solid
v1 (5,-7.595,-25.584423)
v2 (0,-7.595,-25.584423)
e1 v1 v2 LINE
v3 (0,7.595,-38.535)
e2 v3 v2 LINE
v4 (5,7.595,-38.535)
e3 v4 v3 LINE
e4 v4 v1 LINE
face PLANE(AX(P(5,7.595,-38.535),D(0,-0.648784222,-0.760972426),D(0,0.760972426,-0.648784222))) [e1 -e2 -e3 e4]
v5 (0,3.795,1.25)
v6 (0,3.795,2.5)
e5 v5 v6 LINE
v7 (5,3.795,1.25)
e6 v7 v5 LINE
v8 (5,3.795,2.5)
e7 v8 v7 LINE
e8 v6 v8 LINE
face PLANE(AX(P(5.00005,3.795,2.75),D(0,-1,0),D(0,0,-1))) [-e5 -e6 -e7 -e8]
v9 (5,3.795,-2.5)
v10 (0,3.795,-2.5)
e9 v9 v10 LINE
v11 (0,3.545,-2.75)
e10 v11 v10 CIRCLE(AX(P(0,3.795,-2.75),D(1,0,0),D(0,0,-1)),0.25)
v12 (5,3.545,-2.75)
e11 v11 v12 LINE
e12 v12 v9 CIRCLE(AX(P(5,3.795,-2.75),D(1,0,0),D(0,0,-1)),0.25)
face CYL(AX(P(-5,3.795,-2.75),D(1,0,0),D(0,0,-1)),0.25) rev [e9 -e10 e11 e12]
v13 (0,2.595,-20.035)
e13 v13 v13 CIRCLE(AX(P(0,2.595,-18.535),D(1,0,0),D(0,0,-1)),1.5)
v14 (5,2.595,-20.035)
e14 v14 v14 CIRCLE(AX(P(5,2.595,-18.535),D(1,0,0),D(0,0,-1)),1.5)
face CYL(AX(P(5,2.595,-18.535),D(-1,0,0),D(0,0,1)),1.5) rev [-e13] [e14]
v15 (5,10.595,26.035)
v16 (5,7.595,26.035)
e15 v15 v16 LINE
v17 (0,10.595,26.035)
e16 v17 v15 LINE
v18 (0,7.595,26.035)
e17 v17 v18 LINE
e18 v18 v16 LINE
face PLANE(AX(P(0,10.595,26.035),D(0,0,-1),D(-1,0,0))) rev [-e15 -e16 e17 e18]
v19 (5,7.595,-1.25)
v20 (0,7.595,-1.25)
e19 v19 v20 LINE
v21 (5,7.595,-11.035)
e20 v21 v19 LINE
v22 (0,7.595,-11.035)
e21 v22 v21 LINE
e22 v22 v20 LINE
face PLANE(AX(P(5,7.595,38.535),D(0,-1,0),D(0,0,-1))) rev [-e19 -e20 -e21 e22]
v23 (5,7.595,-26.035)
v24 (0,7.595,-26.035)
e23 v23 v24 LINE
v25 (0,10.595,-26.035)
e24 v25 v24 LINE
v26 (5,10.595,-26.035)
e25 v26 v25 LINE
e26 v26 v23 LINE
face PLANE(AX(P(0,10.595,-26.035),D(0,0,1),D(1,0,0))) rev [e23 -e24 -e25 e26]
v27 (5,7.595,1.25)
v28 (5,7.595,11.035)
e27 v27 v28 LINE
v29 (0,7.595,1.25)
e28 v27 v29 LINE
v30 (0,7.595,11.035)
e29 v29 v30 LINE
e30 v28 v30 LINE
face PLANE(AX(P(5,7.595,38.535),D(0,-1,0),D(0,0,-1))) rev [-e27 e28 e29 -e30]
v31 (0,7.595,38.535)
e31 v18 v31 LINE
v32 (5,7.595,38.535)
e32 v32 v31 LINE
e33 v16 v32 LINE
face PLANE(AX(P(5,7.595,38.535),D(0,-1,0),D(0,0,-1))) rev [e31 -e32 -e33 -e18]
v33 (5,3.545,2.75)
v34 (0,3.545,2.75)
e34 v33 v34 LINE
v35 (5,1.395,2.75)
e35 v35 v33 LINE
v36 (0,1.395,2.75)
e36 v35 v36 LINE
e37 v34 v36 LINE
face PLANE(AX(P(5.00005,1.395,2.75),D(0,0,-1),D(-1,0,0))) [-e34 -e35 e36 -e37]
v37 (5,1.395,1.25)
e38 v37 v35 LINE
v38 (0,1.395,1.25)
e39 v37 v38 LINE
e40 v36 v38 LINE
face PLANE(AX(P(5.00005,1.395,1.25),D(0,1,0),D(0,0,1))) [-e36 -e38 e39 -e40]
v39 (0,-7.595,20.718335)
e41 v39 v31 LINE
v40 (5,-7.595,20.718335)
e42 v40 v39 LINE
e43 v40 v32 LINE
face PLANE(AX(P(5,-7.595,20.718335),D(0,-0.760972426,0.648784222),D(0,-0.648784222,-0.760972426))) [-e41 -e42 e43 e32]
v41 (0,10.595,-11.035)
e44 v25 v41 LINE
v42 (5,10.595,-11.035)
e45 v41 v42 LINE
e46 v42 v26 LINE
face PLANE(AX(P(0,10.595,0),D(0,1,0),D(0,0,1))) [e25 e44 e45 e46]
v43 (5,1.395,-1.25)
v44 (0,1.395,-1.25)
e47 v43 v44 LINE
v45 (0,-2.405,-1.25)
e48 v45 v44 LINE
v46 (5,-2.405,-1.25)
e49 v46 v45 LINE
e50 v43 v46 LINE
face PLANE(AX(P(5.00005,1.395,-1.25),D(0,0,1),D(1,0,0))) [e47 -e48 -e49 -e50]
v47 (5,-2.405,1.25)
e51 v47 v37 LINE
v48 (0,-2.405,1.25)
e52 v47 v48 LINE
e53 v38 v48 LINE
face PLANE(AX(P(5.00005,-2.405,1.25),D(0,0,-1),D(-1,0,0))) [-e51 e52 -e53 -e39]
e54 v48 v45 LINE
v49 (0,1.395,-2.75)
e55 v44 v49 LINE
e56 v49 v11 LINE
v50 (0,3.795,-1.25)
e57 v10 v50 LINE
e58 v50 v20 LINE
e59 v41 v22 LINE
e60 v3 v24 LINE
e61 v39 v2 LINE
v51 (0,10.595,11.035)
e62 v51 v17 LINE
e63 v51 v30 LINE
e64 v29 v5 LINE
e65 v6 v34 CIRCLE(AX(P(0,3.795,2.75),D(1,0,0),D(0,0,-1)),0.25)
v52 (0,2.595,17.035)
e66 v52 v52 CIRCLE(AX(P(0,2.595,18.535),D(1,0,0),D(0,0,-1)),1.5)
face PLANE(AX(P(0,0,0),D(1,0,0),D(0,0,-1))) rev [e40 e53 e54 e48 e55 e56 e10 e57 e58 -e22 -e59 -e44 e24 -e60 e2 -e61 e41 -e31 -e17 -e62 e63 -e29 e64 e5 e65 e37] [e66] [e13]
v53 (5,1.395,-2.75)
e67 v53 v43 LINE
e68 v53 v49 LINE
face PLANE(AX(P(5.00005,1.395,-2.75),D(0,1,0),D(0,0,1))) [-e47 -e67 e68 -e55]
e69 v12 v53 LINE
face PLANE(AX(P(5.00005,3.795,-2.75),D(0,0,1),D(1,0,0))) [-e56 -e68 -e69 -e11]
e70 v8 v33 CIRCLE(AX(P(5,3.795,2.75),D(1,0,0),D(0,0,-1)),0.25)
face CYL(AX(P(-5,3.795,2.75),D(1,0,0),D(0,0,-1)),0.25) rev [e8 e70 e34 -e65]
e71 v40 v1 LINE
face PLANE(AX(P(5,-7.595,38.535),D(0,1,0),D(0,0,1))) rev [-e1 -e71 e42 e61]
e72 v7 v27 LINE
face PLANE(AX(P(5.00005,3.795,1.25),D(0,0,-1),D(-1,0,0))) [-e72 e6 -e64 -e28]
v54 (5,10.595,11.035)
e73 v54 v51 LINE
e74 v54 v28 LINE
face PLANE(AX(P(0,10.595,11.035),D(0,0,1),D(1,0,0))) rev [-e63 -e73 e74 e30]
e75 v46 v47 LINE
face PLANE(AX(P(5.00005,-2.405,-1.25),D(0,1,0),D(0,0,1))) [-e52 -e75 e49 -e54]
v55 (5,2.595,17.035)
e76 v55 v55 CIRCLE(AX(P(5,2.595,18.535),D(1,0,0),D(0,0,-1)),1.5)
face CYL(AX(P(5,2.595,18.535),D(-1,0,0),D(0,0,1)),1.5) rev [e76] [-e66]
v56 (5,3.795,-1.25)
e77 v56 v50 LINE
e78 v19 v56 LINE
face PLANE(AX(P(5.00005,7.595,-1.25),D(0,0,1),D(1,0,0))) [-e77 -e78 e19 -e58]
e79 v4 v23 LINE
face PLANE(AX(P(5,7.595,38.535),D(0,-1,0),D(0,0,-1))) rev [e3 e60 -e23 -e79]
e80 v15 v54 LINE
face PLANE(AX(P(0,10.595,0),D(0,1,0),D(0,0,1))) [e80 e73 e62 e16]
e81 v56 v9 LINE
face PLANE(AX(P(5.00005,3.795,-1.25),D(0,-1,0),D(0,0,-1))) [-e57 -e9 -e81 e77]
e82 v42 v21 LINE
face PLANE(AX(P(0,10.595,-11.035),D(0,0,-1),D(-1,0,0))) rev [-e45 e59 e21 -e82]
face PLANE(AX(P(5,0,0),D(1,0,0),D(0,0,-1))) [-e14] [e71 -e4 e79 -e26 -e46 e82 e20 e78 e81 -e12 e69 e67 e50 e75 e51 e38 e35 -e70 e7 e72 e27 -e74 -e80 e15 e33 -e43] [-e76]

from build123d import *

# Parameters (mm, degrees)
SCHIZZO1_W                   = 77.07
SCHIZZO1_H                   = 15.19
ESTRUSIONE_ESTRUSIONE1_DEPTH = 5
TAGLIO_ESTRUSIONE1_DEPTH     = 6
SCHIZZO3_R                   = 1.5
TAGLIO_ESTRUSIONE2_DEPTH     = 6
SCHIZZO4_W                   = 5
SCHIZZO4_H                   = 15
ESTRUSIONE_ESTRUSIONE2_DEPTH = 3
TAGLIO_ESTRUSIONE3_DEPTH     = 6
SCHIZZO7_R                   = 0.25
TAGLIO_ESTRUSIONE4_DEPTH     = 10


with BuildPart() as part:
    # Schizzo1 → Estrusione-Estrusione1 (new body)
    with BuildSketch(Plane(origin=(0, 0, 0), x_dir=(0, 0, -1), z_dir=(1, 0, 0))):
        Rectangle(SCHIZZO1_W, SCHIZZO1_H)
    extrude(amount=ESTRUSIONE_ESTRUSIONE1_DEPTH)

    # Schizzo2 → Taglio-Estrusione1 (cut, through all)
    with BuildSketch(Plane(origin=(0, 0, 0), x_dir=(0, 0, -1), z_dir=(1, 0, 0))):
        Polygon((38.535, 7.595), (25.584422571, -7.595), (38.535, -7.595), align=None)
        Polygon((-38.535, 7.595), (-38.535, -7.595), (-20.718334969, -7.595), align=None)
    extrude(amount=TAGLIO_ESTRUSIONE1_DEPTH, mode=Mode.SUBTRACT)

    # Schizzo3 → Taglio-Estrusione2 (cut, through all)
    with BuildSketch(Plane(origin=(0, 0, 0), x_dir=(0, 0, -1), z_dir=(1, 0, 0))):
        with Locations((-18.535, 2.595)):
            Circle(SCHIZZO3_R)
        with Locations((18.535, 2.595)):
            Circle(SCHIZZO3_R)
    extrude(amount=TAGLIO_ESTRUSIONE2_DEPTH, mode=Mode.SUBTRACT)

    # Schizzo4 → Estrusione-Estrusione2 (add)
    with BuildSketch(Plane(origin=(0, 7.595, 0), x_dir=(1, 0, 0), z_dir=(0, 1, 0))):
        with Locations((2.5, 18.535)):
            Rectangle(SCHIZZO4_W, SCHIZZO4_H)
        with Locations((2.5, -18.535)):
            Rectangle(SCHIZZO4_W, SCHIZZO4_H)
    extrude(amount=ESTRUSIONE_ESTRUSIONE2_DEPTH)

    # Schizzo6 → Taglio-Estrusione3 (cut, through all)
    with BuildSketch(Plane(origin=(0, 0, 0), x_dir=(0, 0, -1), z_dir=(1, 0, 0))):
        Polygon((-1.25, -2.405), (-1.25, 1.395), (-2.75, 1.395), (-2.75, 3.795), (-1.25, 3.795), (-1.25, 7.595), (1.25, 7.595), (1.25, 3.795), (2.75, 3.795), (2.75, 1.395), (1.25, 1.395), (1.25, -2.405), align=None)
    extrude(amount=TAGLIO_ESTRUSIONE3_DEPTH, mode=Mode.SUBTRACT)

    # Schizzo7 → Taglio-Estrusione4 (cut)
    with BuildSketch(Plane(origin=(5, 0, 0), x_dir=(0, 0, -1), z_dir=(1, 0, 0))):
        with Locations((-2.75, 3.795)):
            Circle(SCHIZZO7_R)
        with Locations((2.75, 3.795)):
            Circle(SCHIZZO7_R)
    extrude(amount=-TAGLIO_ESTRUSIONE4_DEPTH, mode=Mode.SUBTRACT)


solid = part.part
